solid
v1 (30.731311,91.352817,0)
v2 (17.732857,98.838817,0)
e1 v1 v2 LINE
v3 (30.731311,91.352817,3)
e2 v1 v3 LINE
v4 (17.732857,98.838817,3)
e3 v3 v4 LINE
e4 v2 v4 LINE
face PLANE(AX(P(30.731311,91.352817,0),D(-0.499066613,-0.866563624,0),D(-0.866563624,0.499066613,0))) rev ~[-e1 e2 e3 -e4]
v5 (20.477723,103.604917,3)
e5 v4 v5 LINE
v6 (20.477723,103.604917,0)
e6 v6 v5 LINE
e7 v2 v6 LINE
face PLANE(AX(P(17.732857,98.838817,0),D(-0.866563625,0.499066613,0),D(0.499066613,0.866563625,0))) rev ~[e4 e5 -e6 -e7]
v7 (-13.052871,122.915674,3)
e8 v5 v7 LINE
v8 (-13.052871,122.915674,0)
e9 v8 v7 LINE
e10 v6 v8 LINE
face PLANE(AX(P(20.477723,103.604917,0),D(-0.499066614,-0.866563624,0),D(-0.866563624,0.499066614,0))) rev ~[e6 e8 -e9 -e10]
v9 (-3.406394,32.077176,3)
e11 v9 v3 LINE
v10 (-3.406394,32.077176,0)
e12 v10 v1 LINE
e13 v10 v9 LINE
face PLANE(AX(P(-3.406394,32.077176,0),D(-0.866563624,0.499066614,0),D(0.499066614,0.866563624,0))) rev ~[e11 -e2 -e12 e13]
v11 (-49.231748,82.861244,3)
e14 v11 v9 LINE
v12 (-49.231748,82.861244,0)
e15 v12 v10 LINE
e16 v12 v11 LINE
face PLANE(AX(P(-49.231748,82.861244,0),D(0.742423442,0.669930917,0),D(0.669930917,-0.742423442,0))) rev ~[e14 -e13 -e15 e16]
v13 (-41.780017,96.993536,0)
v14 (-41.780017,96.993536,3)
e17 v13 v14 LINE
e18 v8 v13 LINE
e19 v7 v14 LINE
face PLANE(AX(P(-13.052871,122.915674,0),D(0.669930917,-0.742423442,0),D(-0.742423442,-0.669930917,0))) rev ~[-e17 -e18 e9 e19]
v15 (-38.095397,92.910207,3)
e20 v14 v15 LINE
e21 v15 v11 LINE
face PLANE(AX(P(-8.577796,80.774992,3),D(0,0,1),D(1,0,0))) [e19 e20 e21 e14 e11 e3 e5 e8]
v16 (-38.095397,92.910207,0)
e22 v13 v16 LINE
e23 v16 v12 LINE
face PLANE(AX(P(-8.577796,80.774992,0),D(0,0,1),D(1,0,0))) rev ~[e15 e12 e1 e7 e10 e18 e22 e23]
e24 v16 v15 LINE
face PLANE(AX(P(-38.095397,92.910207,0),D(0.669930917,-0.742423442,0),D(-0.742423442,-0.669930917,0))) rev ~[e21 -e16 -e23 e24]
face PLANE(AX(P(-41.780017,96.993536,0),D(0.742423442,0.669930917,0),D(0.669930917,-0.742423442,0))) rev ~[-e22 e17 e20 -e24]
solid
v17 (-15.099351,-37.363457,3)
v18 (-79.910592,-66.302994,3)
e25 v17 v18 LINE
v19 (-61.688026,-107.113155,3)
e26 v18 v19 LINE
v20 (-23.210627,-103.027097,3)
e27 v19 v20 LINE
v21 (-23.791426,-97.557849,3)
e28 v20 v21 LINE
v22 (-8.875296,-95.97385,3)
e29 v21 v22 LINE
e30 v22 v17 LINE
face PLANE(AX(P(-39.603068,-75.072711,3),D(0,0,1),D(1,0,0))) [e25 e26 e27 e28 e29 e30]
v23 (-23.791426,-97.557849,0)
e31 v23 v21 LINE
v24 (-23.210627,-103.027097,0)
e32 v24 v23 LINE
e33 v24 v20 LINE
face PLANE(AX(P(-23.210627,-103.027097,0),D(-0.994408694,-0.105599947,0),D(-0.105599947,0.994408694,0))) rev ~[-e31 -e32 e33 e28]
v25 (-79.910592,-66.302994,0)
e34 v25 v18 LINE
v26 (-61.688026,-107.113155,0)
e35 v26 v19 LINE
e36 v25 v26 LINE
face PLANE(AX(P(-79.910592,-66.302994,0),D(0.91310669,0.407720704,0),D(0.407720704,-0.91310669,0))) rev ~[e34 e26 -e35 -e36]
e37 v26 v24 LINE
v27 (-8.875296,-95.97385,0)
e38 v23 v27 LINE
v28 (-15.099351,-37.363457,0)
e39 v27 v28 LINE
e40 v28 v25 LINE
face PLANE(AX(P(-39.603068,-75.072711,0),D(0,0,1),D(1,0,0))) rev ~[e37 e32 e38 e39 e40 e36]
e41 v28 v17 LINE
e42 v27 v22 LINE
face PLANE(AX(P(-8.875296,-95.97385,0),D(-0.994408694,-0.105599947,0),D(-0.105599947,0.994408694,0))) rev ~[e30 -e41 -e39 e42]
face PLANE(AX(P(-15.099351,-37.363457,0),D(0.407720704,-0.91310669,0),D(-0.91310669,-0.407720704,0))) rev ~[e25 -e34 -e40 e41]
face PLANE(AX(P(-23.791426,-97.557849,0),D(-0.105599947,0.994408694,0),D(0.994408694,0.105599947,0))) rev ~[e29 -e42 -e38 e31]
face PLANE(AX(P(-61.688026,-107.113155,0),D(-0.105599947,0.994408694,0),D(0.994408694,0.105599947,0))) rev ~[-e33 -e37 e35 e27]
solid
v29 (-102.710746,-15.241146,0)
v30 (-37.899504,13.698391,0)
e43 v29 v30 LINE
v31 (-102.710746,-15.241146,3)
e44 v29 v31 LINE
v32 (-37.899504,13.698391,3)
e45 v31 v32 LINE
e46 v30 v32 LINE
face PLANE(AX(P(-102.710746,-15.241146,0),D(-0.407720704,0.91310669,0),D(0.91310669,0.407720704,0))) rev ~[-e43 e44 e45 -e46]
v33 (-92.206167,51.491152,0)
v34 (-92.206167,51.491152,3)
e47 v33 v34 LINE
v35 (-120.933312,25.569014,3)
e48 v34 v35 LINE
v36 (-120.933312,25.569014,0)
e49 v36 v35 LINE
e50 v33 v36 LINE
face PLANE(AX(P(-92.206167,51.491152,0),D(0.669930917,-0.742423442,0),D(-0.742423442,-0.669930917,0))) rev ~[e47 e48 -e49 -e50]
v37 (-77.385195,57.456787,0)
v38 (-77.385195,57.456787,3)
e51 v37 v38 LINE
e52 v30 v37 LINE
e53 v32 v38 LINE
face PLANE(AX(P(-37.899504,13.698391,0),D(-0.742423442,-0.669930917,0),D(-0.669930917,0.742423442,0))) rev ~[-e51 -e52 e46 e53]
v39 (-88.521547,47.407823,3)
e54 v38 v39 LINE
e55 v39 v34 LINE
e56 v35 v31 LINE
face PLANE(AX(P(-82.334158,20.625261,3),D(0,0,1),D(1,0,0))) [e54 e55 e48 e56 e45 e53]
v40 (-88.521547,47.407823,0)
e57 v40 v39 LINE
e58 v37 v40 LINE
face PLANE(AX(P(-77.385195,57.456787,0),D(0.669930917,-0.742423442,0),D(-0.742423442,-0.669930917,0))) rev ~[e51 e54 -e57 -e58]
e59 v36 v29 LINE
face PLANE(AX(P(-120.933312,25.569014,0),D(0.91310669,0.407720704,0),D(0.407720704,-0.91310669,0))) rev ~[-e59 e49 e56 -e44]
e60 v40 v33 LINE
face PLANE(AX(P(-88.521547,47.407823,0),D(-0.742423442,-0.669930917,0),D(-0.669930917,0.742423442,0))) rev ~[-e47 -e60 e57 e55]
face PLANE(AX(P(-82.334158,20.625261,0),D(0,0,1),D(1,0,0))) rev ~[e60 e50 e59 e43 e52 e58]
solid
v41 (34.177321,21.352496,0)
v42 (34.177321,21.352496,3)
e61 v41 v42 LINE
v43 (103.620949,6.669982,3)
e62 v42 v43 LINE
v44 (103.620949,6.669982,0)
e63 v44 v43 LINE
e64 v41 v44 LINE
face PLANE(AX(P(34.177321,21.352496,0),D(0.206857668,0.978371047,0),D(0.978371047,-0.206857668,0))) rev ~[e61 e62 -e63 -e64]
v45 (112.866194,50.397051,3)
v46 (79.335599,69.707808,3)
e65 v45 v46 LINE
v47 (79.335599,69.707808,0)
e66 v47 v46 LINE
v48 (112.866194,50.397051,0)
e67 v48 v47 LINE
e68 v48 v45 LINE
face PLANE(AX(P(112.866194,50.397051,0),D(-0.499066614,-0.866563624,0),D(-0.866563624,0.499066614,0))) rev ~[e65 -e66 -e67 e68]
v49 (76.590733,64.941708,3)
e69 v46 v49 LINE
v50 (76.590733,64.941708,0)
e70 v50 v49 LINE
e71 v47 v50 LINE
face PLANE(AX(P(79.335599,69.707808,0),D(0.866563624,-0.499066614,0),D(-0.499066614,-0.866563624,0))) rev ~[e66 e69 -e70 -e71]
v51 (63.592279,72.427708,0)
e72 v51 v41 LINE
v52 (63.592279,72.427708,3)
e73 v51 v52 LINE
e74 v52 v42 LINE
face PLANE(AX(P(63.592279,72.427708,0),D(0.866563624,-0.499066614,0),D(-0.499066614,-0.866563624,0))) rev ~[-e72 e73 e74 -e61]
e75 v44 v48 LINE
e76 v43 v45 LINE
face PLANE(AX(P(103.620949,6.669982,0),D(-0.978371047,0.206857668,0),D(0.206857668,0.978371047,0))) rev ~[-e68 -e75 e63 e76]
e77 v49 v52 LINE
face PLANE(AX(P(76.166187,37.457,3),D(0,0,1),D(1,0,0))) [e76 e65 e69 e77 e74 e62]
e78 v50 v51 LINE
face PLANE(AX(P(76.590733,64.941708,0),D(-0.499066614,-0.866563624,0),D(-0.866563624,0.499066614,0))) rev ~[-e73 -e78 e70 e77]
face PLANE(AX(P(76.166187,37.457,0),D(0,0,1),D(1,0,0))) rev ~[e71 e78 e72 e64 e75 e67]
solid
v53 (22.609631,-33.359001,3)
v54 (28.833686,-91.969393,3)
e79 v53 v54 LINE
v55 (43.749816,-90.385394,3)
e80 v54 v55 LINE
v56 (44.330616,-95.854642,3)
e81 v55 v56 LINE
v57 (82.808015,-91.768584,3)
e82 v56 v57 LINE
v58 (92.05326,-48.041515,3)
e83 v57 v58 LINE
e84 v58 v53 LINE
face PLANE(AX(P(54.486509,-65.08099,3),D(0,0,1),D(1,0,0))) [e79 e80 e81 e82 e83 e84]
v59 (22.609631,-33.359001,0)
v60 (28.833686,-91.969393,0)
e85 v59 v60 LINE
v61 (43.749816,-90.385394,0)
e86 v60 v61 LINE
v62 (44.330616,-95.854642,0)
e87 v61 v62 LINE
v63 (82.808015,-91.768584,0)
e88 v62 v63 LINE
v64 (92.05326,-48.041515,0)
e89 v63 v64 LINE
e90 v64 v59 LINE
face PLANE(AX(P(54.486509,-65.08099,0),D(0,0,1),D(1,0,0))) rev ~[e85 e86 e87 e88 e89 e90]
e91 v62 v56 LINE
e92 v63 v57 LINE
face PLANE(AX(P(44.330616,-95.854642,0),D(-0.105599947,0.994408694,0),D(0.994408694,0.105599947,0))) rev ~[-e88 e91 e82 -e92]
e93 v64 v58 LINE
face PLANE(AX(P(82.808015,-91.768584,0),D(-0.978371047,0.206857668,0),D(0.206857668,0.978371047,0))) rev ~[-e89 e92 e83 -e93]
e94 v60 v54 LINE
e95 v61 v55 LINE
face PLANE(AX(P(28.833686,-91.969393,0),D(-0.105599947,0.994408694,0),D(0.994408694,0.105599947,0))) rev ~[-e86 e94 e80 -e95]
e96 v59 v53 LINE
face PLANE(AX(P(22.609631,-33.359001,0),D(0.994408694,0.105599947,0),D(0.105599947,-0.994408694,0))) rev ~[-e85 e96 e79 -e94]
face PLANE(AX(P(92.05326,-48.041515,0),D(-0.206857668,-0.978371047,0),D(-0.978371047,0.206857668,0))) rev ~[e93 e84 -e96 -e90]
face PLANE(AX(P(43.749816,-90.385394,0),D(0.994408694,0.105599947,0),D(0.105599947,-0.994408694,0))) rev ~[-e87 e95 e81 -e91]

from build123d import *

# Parameters (mm, degrees)
BOSS_EXTRUDE1_DEPTH   = 3
BOSS_EXTRUDE1_2_DEPTH = 3
BOSS_EXTRUDE1_3_DEPTH = 3
BOSS_EXTRUDE1_4_DEPTH = 3
BOSS_EXTRUDE1_5_DEPTH = 3


with BuildPart() as part:
    # Sketch14 → Boss-Extrude1 (new body)
    with BuildSketch(Plane.XY):
        Polygon((-37.89950418, 13.698390813), (-77.385194882, 57.456786854), (-88.521546505, 47.4078231), (-92.206166548, 51.491152029), (-120.9333121, 25.569013955), (-102.710745723, -15.241146353), align=None)
    extrude(amount=BOSS_EXTRUDE1_DEPTH)


with BuildPart() as body_2:
    # Sketch14 → Boss-Extrude1 2 (new body)
    with BuildSketch(Plane.XY):
        Polygon((30.731311211, 91.352817438), (17.732856848, 98.838816638), (20.477723222, 103.604916573), (-13.052871288, 122.915674351), (-41.780016842, 96.993536275), (-38.095396799, 92.910207346), (-49.231748418, 82.861243596), (-3.406394247, 32.077175727), align=None)
    extrude(amount=BOSS_EXTRUDE1_2_DEPTH)


with BuildPart() as body_3:
    # Sketch14 → Boss-Extrude1 3 (new body)
    with BuildSketch(Plane.XY):
        Polygon((-15.099350796, -37.363457194), (-79.910592339, -66.30299436), (-61.688025962, -107.113154668), (-23.210626543, -103.027096932), (-23.791426251, -97.557849113), (-8.875295839, -95.973849909), align=None)
    extrude(amount=BOSS_EXTRUDE1_3_DEPTH)


with BuildPart() as body_4:
    # Sketch14 → Boss-Extrude1 4 (new body)
    with BuildSketch(Plane.XY):
        Polygon((112.866193993, 50.397050544), (79.335599486, 69.70780832), (76.590733112, 64.941708386), (63.592278746, 72.427707588), (34.177320511, 21.352496122), (103.6209495, 6.669981537), align=None)
    extrude(amount=BOSS_EXTRUDE1_4_DEPTH)


with BuildPart() as body_5:
    # Sketch14 → Boss-Extrude1 5 (new body)
    with BuildSketch(Plane.XY):
        Polygon((22.609630859, -33.35900059), (28.833685816, -91.969393304), (43.749816229, -90.3853941), (44.330615937, -95.854641918), (82.808015356, -91.768584182), (92.053259849, -48.041515175), align=None)
    extrude(amount=BOSS_EXTRUDE1_5_DEPTH)


solid = Compound([part.part, body_2.part, body_3.part, body_4.part, body_5.part])
